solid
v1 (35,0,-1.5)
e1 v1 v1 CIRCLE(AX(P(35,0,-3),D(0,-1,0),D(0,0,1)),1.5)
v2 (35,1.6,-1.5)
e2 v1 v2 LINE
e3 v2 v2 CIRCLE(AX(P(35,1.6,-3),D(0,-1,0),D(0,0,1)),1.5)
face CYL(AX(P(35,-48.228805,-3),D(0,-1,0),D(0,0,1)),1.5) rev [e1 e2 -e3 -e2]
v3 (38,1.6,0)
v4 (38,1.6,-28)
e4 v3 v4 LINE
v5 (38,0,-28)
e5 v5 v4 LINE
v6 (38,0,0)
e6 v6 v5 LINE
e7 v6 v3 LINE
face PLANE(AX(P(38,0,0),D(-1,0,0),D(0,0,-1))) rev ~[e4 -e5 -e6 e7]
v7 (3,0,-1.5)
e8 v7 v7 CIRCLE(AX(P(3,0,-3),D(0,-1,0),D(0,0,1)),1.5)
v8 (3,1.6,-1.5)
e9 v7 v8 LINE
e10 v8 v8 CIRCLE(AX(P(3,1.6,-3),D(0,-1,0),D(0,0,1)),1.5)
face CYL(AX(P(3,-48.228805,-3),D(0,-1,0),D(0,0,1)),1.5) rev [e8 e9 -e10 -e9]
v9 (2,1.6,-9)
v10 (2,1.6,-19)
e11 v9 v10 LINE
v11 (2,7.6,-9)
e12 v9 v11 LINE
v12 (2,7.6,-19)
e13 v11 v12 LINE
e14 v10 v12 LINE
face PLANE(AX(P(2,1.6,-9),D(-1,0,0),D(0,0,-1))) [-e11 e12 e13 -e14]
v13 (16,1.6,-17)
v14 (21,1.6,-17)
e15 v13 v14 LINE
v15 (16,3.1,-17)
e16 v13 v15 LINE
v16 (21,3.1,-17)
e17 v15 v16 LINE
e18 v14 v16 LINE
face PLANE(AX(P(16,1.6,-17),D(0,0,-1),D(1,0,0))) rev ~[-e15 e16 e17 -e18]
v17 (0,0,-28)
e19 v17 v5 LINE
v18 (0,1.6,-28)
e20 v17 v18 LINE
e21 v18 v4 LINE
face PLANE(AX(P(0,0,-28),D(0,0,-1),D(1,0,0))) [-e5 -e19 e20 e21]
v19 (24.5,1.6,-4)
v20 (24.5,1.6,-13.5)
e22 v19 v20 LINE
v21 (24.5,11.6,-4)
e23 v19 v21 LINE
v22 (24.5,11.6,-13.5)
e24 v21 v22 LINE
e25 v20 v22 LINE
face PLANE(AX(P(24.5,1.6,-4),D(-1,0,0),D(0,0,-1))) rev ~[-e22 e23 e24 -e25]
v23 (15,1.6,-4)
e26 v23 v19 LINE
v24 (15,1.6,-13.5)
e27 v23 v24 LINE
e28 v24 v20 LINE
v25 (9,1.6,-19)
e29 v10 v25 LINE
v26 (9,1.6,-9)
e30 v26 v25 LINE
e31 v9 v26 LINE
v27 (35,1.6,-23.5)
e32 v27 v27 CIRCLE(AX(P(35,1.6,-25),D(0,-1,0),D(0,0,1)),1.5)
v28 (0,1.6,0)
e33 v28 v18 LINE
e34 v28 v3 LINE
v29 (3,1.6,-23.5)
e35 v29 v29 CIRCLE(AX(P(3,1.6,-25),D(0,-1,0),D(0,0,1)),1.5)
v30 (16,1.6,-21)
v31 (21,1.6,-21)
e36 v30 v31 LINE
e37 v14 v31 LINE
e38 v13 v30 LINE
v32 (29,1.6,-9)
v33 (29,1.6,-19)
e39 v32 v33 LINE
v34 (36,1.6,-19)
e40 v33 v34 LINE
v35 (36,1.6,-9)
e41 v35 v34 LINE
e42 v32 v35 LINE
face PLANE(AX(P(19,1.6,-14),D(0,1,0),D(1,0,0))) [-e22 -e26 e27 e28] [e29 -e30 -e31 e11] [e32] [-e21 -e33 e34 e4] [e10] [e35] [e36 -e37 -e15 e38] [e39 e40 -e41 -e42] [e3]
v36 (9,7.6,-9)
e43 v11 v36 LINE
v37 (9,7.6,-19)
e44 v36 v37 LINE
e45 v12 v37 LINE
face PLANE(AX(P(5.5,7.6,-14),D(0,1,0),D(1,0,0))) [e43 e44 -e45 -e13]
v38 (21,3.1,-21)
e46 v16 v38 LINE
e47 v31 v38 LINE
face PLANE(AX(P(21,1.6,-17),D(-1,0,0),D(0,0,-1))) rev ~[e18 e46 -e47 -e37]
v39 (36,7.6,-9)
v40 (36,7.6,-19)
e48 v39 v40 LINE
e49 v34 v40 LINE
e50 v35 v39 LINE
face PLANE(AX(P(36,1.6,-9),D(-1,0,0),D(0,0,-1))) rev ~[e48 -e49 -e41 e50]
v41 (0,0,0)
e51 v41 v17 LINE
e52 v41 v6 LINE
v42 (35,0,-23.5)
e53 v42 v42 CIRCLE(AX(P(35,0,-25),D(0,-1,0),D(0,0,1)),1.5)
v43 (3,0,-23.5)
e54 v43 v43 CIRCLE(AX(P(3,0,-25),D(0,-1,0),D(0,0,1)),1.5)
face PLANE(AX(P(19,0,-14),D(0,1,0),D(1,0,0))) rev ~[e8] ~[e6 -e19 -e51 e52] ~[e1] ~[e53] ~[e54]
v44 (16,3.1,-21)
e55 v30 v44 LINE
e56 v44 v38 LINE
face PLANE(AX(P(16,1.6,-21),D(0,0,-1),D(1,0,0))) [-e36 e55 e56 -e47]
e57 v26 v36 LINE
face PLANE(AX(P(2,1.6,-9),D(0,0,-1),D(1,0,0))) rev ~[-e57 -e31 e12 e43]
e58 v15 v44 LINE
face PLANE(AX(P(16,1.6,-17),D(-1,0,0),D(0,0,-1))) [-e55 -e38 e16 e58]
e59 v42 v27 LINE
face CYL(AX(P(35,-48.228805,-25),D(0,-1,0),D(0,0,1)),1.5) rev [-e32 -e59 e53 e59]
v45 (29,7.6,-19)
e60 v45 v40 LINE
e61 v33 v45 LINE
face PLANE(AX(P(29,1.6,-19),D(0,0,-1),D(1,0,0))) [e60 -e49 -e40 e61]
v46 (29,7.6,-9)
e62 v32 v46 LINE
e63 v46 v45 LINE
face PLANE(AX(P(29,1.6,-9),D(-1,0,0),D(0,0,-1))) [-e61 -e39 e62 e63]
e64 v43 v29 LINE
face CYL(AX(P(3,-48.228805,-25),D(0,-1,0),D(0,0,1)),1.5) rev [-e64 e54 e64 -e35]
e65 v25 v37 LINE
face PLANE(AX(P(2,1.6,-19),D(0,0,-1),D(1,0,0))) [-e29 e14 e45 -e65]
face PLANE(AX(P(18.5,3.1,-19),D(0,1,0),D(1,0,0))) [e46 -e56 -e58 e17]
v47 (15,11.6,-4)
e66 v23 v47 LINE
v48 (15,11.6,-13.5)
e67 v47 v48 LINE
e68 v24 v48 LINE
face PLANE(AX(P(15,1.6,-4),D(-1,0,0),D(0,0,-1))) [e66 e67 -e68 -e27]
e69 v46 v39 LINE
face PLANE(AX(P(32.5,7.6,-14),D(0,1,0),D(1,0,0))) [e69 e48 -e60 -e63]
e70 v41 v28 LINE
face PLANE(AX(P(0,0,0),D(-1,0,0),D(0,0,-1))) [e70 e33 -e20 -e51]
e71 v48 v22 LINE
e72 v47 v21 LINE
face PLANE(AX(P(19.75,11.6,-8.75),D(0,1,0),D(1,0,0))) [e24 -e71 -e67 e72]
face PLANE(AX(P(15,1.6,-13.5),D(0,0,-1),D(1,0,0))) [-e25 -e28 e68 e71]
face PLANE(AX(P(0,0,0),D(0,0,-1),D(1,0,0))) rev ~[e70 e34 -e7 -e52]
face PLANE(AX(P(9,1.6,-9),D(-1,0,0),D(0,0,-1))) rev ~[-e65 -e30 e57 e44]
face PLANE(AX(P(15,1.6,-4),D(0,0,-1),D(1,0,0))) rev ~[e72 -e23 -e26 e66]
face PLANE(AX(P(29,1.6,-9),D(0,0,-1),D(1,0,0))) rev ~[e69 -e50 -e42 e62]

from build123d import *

# Parameters (mm, degrees)
SKETCH1_W               = 38
SKETCH1_H               = 28
PCB_DEPTH               = 1.6
MOUNT_HOLE_1_DEPTH      = 48.22880477
MOUNT_HOLE_1_DEPTH_BACK = 48.22880477
SKETCH2_R               = 1.5
MOUNT_HOLE_2_DEPTH      = 48.22880477
MOUNT_HOLE_2_DEPTH_BACK = 48.22880477
SKETCH3_R               = 1.5
MOUNT_HOLE_3_DEPTH      = 48.22880477
MOUNT_HOLE_3_DEPTH_BACK = 48.22880477
SKETCH4_R               = 1.5
MOUNT_HOLE_4_DEPTH      = 48.22880477
MOUNT_HOLE_4_DEPTH_BACK = 48.22880477
SKETCH5_R               = 1.5
SENSOR_CONNECTOR_START  = 1.6
SKETCH6_W               = 7
SKETCH6_H               = 10
SENSOR_CONNECTOR_DEPTH  = 6
SIGNAL_CONNECTOR_START  = 1.6
SKETCH7_W               = 7
SKETCH7_H               = 10
SIGNAL_CONNECTOR_DEPTH  = 6
THRESHOLD_POT_START     = 1.6
SKETCH8_W               = 9.5
SKETCH8_H               = 9.5
THRESHOLD_POT_DEPTH     = 10
COMPARATOR_START        = 1.6
SKETCH9_W               = 5
SKETCH9_H               = 4
COMPARATOR_DEPTH        = 1.5


with BuildPart() as part:
    # Sketch1 → PCB (new body)
    with BuildSketch(Plane(origin=(0, 0, 0), x_dir=(1, 0, 0), z_dir=(0, 1, 0))):
        with Locations((19, 14)):
            Rectangle(SKETCH1_W, SKETCH1_H)
    extrude(amount=PCB_DEPTH)

    # Sketch2 → Mount_hole_1 (cut, two sides: drawn at the far end of the back side and taken through both)
    with BuildSketch(Plane(origin=(0, 0, 0), x_dir=(1, 0, 0), z_dir=(0, 1, 0)).offset(-MOUNT_HOLE_1_DEPTH_BACK)):
        with Locations(Location((3, 3, 0), (0, 0, 270))):
            Circle(SKETCH2_R)
    extrude(amount=MOUNT_HOLE_1_DEPTH + MOUNT_HOLE_1_DEPTH_BACK, mode=Mode.SUBTRACT)

    # Sketch3 → Mount_hole_2 (cut, two sides: drawn at the far end of the back side and taken through both)
    with BuildSketch(Plane(origin=(0, 0, 0), x_dir=(1, 0, 0), z_dir=(0, 1, 0)).offset(-MOUNT_HOLE_2_DEPTH_BACK)):
        with Locations(Location((35, 3, 0), (0, 0, 270))):
            Circle(SKETCH3_R)
    extrude(amount=MOUNT_HOLE_2_DEPTH + MOUNT_HOLE_2_DEPTH_BACK, mode=Mode.SUBTRACT)

    # Sketch4 → Mount_hole_3 (cut, two sides: drawn at the far end of the back side and taken through both)
    with BuildSketch(Plane(origin=(0, 0, 0), x_dir=(1, 0, 0), z_dir=(0, 1, 0)).offset(-MOUNT_HOLE_3_DEPTH_BACK)):
        with Locations(Location((3, 25, 0), (0, 0, 270))):
            Circle(SKETCH4_R)
    extrude(amount=MOUNT_HOLE_3_DEPTH + MOUNT_HOLE_3_DEPTH_BACK, mode=Mode.SUBTRACT)

    # Sketch5 → Mount_hole_4 (cut, two sides: drawn at the far end of the back side and taken through both)
    with BuildSketch(Plane(origin=(0, 0, 0), x_dir=(1, 0, 0), z_dir=(0, 1, 0)).offset(-MOUNT_HOLE_4_DEPTH_BACK)):
        with Locations(Location((35, 25, 0), (0, 0, 270))):
            Circle(SKETCH5_R)
    extrude(amount=MOUNT_HOLE_4_DEPTH + MOUNT_HOLE_4_DEPTH_BACK, mode=Mode.SUBTRACT)

    # Sketch6 → Sensor_connector (add)
    with BuildSketch(Plane(origin=(0, 0, 0), x_dir=(1, 0, 0), z_dir=(0, 1, 0)).offset(SENSOR_CONNECTOR_START)):
        with Locations((5.5, 14)):
            Rectangle(SKETCH6_W, SKETCH6_H)
    extrude(amount=SENSOR_CONNECTOR_DEPTH)

    # Sketch7 → Signal_connector (add)
    with BuildSketch(Plane(origin=(0, 0, 0), x_dir=(1, 0, 0), z_dir=(0, 1, 0)).offset(SIGNAL_CONNECTOR_START)):
        with Locations((32.5, 14)):
            Rectangle(SKETCH7_W, SKETCH7_H)
    extrude(amount=SIGNAL_CONNECTOR_DEPTH)

    # Sketch8 → Threshold_pot (add)
    with BuildSketch(Plane(origin=(0, 0, 0), x_dir=(1, 0, 0), z_dir=(0, 1, 0)).offset(THRESHOLD_POT_START)):
        with Locations((19.75, 8.75)):
            Rectangle(SKETCH8_W, SKETCH8_H)
    extrude(amount=THRESHOLD_POT_DEPTH)

    # Sketch9 → Comparator (add)
    with BuildSketch(Plane(origin=(0, 0, 0), x_dir=(1, 0, 0), z_dir=(0, 1, 0)).offset(COMPARATOR_START)):
        with Locations((18.5, 19)):
            Rectangle(SKETCH9_W, SKETCH9_H)
    extrude(amount=COMPARATOR_DEPTH)


solid = part.part
